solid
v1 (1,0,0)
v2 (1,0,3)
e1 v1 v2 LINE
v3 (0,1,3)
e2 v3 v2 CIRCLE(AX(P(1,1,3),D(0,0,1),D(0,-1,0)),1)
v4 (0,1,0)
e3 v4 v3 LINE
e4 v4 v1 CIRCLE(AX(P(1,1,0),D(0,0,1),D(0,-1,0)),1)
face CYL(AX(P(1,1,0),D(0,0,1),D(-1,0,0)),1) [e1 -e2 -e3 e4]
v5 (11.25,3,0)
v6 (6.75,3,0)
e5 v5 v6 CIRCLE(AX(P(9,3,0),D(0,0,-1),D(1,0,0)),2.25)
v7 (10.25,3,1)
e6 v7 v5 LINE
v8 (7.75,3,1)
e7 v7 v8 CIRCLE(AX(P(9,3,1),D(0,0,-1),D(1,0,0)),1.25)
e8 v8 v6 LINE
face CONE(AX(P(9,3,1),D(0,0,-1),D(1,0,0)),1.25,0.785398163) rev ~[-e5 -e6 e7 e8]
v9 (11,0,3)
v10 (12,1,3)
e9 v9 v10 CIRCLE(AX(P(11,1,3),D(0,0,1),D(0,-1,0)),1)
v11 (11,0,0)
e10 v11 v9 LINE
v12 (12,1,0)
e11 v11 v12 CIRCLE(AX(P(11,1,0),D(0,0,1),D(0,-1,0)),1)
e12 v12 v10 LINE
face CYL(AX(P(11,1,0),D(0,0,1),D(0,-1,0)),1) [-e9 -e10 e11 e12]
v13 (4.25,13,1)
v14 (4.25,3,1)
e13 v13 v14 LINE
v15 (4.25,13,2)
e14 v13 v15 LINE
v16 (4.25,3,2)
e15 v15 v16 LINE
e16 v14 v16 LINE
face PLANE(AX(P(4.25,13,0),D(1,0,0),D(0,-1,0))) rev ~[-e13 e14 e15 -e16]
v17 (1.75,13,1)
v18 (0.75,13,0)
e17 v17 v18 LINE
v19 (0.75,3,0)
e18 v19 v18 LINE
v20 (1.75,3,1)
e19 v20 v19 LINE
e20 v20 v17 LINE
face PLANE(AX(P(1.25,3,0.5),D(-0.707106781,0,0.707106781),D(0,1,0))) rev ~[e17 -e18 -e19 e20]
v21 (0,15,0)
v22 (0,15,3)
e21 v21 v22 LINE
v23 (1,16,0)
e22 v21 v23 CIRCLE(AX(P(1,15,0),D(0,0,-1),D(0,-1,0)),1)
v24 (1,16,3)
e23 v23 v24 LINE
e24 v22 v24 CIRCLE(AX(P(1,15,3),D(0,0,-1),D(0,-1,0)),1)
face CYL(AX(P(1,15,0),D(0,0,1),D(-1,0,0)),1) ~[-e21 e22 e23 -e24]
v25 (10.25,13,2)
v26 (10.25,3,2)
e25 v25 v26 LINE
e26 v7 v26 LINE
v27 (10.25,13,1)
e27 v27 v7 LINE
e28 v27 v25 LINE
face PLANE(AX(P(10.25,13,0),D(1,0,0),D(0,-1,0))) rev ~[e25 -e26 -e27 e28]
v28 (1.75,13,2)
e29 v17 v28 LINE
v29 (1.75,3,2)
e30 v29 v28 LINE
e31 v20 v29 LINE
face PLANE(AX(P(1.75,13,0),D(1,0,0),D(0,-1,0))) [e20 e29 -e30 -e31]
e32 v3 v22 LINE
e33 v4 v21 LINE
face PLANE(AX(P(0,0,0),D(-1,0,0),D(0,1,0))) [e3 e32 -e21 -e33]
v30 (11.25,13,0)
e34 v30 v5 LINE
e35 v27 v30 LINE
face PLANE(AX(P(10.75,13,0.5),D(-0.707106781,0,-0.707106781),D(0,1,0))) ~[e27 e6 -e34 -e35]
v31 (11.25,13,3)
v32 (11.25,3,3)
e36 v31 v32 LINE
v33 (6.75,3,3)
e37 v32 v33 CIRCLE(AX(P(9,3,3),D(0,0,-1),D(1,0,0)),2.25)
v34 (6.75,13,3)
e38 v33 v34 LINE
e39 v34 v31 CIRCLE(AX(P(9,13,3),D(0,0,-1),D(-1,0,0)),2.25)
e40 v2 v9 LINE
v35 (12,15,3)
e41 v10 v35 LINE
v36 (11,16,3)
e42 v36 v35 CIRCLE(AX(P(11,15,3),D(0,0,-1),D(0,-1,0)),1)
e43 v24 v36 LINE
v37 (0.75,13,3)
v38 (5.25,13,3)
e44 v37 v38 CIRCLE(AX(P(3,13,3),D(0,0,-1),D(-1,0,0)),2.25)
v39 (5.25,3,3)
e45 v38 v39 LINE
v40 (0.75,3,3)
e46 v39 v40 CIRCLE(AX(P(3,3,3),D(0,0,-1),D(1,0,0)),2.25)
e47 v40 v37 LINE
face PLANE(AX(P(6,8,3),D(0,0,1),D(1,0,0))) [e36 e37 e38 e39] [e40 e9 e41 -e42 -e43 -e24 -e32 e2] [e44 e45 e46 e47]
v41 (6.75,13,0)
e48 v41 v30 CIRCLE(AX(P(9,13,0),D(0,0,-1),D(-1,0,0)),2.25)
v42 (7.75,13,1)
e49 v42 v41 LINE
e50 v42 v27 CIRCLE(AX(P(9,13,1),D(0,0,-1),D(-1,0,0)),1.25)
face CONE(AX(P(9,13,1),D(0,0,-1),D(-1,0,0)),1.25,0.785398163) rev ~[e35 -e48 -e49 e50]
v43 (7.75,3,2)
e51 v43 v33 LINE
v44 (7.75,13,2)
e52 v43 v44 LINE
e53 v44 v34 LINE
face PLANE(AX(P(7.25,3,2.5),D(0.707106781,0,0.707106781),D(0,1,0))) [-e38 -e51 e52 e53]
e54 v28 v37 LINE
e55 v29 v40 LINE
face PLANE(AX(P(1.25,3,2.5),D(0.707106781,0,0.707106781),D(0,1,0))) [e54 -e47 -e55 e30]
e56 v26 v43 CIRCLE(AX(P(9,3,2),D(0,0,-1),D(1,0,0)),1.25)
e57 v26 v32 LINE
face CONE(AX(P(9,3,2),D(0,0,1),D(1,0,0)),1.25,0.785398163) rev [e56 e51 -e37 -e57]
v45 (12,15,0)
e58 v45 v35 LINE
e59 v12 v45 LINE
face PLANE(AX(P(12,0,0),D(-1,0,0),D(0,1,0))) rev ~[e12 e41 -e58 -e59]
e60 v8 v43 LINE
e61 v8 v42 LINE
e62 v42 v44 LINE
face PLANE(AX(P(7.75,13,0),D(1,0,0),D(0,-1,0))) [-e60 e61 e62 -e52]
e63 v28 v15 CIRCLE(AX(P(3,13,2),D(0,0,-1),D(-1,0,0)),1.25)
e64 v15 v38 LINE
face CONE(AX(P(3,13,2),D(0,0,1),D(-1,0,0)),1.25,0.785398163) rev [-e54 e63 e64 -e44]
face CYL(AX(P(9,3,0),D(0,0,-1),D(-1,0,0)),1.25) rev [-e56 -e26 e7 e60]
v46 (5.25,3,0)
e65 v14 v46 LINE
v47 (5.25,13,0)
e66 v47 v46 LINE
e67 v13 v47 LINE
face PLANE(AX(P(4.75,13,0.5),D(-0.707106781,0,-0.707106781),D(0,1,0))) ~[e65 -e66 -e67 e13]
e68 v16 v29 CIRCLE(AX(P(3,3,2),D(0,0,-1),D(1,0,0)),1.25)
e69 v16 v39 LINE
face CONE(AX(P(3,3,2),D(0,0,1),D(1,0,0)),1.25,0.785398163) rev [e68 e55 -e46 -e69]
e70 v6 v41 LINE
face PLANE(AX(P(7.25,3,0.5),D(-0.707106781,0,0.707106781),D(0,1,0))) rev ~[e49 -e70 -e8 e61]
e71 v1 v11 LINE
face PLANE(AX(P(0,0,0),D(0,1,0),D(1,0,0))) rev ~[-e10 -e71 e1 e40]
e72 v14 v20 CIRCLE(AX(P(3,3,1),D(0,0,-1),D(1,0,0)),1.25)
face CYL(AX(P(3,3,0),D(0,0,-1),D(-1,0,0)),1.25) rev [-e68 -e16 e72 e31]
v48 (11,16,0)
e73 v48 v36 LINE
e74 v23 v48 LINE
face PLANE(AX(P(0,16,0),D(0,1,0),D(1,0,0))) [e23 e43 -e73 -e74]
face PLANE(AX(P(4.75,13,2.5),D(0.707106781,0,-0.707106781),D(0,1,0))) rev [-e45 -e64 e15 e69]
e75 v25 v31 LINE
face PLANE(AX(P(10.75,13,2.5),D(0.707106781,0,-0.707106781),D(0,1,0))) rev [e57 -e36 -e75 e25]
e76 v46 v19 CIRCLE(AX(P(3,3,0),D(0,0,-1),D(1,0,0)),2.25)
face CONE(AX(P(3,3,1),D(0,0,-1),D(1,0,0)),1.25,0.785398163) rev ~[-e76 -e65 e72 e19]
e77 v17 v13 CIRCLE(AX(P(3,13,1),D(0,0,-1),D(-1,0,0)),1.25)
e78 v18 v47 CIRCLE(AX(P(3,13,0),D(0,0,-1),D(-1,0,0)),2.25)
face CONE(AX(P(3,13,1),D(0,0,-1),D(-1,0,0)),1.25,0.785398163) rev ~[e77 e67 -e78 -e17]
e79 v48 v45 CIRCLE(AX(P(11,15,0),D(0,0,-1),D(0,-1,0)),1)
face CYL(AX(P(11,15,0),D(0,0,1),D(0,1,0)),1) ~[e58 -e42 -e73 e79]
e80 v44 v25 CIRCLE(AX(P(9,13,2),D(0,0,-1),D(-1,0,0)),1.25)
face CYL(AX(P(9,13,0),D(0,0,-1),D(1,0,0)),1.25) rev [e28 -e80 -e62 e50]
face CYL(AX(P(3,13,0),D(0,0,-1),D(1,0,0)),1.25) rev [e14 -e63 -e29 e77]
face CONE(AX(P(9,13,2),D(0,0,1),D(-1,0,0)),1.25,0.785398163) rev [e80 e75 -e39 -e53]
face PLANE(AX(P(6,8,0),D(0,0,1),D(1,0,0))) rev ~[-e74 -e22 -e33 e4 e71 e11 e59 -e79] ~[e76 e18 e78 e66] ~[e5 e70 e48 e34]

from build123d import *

# Parameters (mm, degrees)
SKETCH_W     = 12
SKETCH_H     = 16
PAD_DEPTH    = 3
CHAMFER_SIZE = 1
FILLET_R     = 1


with BuildPart() as part:
    # Sketch → Pad (new body)
    with BuildSketch(Plane.XY):
        with Locations((6, 8)):
            Rectangle(SKETCH_W, SKETCH_H)
        with BuildLine():
            ThreePointArc((4.25, 13), (3, 14.25), (1.75, 13))
            Line((1.75, 13), (1.75, 3))
            ThreePointArc((1.75, 3), (3, 1.75), (4.25, 3))
            Line((4.25, 13), (4.25, 3))
        make_face(mode=Mode.SUBTRACT)
        with BuildLine():
            ThreePointArc((10.25, 13), (9, 14.25), (7.75, 13))
            Line((7.75, 13), (7.75, 3))
            ThreePointArc((7.75, 3), (9, 1.75), (10.25, 3))
            Line((10.25, 13), (10.25, 3))
        make_face(mode=Mode.SUBTRACT)
    extrude(amount=PAD_DEPTH)

    # Chamfer
    chamfer_edges = [part.edges().sort_by_distance(p)[0] for p in [
        (4.25, 8, 3),
        (4.25, 8, 0),
        (10.25, 8, 0),
        (10.25, 8, 3),
    ]]
    chamfer(chamfer_edges, length=CHAMFER_SIZE)

    # Fillet
    fillet_edges = [part.edges().sort_by_distance(p)[0] for p in [
        (0, 16, 1.5),
        (0, 0, 1.5),
        (12, 0, 1.5),
        (12, 16, 1.5),
    ]]
    fillet(fillet_edges, radius=FILLET_R)


solid = part.part
